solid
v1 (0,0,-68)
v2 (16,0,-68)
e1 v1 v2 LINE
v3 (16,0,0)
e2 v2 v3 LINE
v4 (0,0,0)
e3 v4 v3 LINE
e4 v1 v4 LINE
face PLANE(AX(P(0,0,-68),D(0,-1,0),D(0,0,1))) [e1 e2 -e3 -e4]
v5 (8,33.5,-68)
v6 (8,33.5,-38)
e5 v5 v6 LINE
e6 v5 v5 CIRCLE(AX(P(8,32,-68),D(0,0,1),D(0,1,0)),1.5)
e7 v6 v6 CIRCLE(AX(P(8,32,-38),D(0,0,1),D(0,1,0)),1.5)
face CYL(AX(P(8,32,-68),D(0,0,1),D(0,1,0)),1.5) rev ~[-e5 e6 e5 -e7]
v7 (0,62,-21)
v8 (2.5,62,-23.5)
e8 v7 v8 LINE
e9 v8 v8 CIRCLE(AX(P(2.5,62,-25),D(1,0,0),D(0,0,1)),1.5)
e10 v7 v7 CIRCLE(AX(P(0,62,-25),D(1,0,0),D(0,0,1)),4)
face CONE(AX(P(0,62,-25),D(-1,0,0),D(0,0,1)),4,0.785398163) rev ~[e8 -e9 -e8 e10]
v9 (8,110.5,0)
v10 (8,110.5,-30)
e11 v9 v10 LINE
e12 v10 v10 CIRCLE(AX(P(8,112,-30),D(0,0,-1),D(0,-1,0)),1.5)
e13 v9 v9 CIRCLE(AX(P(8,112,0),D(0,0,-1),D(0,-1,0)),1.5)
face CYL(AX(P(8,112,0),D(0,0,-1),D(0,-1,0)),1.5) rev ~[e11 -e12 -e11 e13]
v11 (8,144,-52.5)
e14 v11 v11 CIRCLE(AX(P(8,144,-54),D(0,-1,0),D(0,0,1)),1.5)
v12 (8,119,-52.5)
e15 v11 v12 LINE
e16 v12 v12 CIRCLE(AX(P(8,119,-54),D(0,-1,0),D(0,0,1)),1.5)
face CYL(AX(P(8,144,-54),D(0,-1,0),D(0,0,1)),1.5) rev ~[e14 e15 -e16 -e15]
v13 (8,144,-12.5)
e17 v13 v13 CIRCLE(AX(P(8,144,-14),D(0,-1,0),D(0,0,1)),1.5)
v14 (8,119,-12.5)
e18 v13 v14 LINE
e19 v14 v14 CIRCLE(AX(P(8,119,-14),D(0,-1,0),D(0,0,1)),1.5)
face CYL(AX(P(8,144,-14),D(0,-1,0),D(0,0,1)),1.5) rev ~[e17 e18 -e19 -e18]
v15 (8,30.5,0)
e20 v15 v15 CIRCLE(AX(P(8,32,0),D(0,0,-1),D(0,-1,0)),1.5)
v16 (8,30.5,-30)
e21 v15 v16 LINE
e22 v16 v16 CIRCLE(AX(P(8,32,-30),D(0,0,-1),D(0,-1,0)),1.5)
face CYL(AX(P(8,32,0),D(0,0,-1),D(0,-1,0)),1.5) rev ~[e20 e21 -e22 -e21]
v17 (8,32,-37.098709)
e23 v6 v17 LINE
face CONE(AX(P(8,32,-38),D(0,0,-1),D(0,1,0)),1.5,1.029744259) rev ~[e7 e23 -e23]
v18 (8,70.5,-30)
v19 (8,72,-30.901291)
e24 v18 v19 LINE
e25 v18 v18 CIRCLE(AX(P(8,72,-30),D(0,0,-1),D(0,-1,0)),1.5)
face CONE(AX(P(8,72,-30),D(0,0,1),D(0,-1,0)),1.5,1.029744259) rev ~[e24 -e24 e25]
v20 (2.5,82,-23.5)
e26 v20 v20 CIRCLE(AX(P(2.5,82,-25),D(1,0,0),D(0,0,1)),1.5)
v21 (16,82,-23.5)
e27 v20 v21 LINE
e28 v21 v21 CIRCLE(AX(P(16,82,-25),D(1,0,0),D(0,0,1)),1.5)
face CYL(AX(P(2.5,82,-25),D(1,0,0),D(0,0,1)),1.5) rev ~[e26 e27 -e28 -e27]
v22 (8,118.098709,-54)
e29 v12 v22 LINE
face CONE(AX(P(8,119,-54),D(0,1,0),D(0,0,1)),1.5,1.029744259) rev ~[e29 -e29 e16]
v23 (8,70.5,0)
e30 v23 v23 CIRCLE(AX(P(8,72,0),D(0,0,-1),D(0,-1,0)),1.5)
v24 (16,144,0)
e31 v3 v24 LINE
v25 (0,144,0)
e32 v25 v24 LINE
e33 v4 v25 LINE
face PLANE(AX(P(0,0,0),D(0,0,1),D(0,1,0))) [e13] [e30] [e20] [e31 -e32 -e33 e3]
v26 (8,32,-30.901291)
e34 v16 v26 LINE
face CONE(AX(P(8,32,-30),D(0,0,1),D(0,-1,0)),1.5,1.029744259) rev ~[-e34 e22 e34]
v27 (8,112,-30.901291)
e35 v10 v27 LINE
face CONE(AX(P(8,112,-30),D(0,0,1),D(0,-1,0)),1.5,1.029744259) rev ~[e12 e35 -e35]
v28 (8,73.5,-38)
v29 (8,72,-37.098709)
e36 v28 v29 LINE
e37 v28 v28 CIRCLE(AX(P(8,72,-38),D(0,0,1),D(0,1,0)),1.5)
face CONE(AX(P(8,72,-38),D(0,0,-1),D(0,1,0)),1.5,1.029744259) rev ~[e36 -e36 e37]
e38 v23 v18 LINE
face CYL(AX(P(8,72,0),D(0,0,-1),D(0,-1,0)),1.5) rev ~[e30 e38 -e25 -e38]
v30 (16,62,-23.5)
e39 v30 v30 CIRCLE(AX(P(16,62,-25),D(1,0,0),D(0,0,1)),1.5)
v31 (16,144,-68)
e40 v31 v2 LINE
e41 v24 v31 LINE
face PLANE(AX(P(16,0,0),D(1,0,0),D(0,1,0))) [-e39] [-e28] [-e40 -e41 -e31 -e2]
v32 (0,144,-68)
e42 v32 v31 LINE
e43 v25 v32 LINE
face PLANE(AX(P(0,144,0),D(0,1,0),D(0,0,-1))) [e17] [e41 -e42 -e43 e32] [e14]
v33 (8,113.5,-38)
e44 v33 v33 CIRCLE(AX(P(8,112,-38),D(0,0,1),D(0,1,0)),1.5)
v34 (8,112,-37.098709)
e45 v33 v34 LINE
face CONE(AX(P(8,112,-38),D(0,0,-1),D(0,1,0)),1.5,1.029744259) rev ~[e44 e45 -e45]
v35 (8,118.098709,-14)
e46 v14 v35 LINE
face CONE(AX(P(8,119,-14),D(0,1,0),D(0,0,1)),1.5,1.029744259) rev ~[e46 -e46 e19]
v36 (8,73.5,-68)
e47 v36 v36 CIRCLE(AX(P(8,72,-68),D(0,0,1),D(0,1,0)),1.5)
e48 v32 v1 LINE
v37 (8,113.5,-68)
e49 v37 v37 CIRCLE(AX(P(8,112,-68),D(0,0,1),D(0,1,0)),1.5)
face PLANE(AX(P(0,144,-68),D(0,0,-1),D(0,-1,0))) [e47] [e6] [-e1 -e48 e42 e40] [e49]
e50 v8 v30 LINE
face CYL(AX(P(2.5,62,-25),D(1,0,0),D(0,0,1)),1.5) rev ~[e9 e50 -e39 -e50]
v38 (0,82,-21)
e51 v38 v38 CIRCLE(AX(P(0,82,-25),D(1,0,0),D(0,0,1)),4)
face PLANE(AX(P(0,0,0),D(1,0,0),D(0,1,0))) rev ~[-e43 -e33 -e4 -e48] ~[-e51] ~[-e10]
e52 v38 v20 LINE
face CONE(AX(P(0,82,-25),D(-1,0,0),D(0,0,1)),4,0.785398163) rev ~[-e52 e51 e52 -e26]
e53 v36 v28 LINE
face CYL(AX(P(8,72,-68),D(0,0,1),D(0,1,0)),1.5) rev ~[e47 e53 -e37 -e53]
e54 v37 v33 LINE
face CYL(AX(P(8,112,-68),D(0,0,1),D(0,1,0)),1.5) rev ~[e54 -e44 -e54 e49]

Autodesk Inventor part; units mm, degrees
ref_plane "YZ Plane" through (0, 0, 0) normal (1, 0, 0) x (0, 1, 0)
ref_plane "XZ Plane" through (0, 0, 0) normal (0, 1, 0) x (-1, 0, 0)
ref_plane "XY Plane" through (0, 0, 0) normal (0, 0, 1) x (1, 0, 0)
sketch "Skizze1" plane through (0, 0, 0) normal (1, 0, 0) x (0, 1, 0)
  line L0 (0, 0) -> (144, 0)
  line L1 (144, 0) -> (144, -68)
  line L2 (144, -68) -> (0, -68)
  line L3 (0, -68) -> (0, 0)
  dimension "d0" = 144
  dimension "d1" = 68
extrude "Extrusion1" add sketch "Skizze1" along normal blind 16
sketch "Skizze2" plane through (0, 0, 0) normal (0, 0, 1) x (1, 0, 0)
  line L0 (0, 0) -> (0, 144) construction
  line L1 (0, 72) -> (16, 72) construction
  line L2 (16, 144) -> (16, 0) construction
  line L3 (0, 144) -> (16, 144) construction
  line L4 (8, 144) -> (8, 0) construction
  line L5 (0, 144) -> (16, 144) construction
  line L6 (0, 0) -> (16, 0) construction
  line L7 (0, 144) -> (16, 144) construction
  line L8 (16, 144) -> (16, 0) construction
  line L9 (16, 0) -> (0, 0) construction
  line L10 (0, 0) -> (0, 144) construction
  line L11 (0, 112) -> (16, 112) construction
  line L12 (0, 32) -> (16, 32) construction
  point P0 (8, 112)
  point P1 (8, 72)
  point P2 (8, 32)
  dimension "d4" = 40
  dimension "d5" = 40
hole "Bohrung1" at (8, 112, 0) at (8, 72, 0) at (8, 32, 0) direction (0, 0, -1) diameter 3 depth 30 tip angle 118
sketch "Skizze3" plane through (0, 144, 0) normal (0, 1, 0) x (1, 0, 0)
  line L0 (0, 0) -> (16, 0)
  line L1 (16, 0) -> (16, 68)
  line L2 (16, 68) -> (0, 68)
  line L3 (0, 68) -> (0, 0)
  line L4 (8, 0) -> (8, 68) construction
  line L5 (0, 68) -> (16, 68) construction
  line L6 (16, 0) -> (16, 68) construction
  line L7 (16, 34) -> (0, 34) construction
  line L8 (0, 68) -> (0, 0) construction
  line L9 (0, 14) -> (16, 14) construction
  line L10 (0, 54) -> (16, 54) construction
  point P0 (8, 14)
  point P1 (8, 54)
  dimension "d13" = 14
  dimension "d22" = 14
hole "Bohrung2" at (8, 144, -14) at (8, 144, -54) direction (0, -1, 0) diameter 3 depth 25 tip angle 118
sketch "Skizze4" plane through (0, 0, -68) normal (0, 0, -1) x (-1, 0, 0)
  line L0 (0, 0) -> (-16, 0) construction
  line L1 (-16, 0) -> (-16, 144) construction
  line L2 (-16, 144) -> (0, 144) construction
  line L3 (0, 144) -> (0, 0) construction
  line L4 (-8, 0) -> (-8, 144) construction
  line L5 (-16, 144) -> (-16, 0) construction
  line L6 (-16, 72) -> (0, 72) construction
  circle A0 centre (-8, 72) radius 1.5 construction
  point P0 (-8, 112)
  point P1 (-8, 32)
  dimension "d23" = 40
  dimension "d24" = 40
hole "Bohrung3" at (8, 72, -68) at (8, 112, -68) at (8, 32, -68) direction (0, 0, 1) diameter 3 depth 30 tip angle 118
sketch "Skizze6" plane through (0, 0, 0) normal (-1, 0, 0) x (0, 0, 1)
  line L0 (0, 0) -> (-68, 0) construction
  line L1 (-68, 0) -> (-68, 144) construction
  line L2 (-68, 144) -> (0, 144) construction
  line L3 (0, 144) -> (0, 0) construction
  line L4 (0, 144) -> (0, 0) construction
  line L5 (0, 72) -> (-68, 72) construction
  line L6 (-68, 70.5) -> (-68, 73.5) construction
  line L7 (0, 0) -> (-68, 0) construction
  line L8 (-34, 0) -> (-34, 144) construction
  line L9 (0, 144) -> (-68, 144) construction
  line L10 (-25, 82) -> (-25, 62) construction
  point P0 (-25, 72)
  dimension "d41" = 25
  dimension "d42" = 10
hole "Bohrung5" at (0, 82, -25) at (0, 62, -25) direction (1, 0, 0) diameter 3 end through all countersink diameter 8 countersink angle 90
equation "\"d48\" = Stärke"
equation "\"Biegeradius\" = Stärke"
equation "\"BreiteBiegungsfreistellung\" = Stärke"
equation "\"TiefeBiegungsfreistellung\" = 0.5 * Stärke"
equation "\"GrößeEckenfreistellung\" = 4 * Stärke"
equation "\"MinimalRest\" = 2 * Stärke"
equation "\"Übergangsradius\" = Biegeradius"
equation "\"JacobiRadiusGröße\" = Biegeradius"
equation "\"Abstandsgröße\" = Stärke"
equation "\"Stärke\" = 0.5"
properties part number "licht_200_side_left"
